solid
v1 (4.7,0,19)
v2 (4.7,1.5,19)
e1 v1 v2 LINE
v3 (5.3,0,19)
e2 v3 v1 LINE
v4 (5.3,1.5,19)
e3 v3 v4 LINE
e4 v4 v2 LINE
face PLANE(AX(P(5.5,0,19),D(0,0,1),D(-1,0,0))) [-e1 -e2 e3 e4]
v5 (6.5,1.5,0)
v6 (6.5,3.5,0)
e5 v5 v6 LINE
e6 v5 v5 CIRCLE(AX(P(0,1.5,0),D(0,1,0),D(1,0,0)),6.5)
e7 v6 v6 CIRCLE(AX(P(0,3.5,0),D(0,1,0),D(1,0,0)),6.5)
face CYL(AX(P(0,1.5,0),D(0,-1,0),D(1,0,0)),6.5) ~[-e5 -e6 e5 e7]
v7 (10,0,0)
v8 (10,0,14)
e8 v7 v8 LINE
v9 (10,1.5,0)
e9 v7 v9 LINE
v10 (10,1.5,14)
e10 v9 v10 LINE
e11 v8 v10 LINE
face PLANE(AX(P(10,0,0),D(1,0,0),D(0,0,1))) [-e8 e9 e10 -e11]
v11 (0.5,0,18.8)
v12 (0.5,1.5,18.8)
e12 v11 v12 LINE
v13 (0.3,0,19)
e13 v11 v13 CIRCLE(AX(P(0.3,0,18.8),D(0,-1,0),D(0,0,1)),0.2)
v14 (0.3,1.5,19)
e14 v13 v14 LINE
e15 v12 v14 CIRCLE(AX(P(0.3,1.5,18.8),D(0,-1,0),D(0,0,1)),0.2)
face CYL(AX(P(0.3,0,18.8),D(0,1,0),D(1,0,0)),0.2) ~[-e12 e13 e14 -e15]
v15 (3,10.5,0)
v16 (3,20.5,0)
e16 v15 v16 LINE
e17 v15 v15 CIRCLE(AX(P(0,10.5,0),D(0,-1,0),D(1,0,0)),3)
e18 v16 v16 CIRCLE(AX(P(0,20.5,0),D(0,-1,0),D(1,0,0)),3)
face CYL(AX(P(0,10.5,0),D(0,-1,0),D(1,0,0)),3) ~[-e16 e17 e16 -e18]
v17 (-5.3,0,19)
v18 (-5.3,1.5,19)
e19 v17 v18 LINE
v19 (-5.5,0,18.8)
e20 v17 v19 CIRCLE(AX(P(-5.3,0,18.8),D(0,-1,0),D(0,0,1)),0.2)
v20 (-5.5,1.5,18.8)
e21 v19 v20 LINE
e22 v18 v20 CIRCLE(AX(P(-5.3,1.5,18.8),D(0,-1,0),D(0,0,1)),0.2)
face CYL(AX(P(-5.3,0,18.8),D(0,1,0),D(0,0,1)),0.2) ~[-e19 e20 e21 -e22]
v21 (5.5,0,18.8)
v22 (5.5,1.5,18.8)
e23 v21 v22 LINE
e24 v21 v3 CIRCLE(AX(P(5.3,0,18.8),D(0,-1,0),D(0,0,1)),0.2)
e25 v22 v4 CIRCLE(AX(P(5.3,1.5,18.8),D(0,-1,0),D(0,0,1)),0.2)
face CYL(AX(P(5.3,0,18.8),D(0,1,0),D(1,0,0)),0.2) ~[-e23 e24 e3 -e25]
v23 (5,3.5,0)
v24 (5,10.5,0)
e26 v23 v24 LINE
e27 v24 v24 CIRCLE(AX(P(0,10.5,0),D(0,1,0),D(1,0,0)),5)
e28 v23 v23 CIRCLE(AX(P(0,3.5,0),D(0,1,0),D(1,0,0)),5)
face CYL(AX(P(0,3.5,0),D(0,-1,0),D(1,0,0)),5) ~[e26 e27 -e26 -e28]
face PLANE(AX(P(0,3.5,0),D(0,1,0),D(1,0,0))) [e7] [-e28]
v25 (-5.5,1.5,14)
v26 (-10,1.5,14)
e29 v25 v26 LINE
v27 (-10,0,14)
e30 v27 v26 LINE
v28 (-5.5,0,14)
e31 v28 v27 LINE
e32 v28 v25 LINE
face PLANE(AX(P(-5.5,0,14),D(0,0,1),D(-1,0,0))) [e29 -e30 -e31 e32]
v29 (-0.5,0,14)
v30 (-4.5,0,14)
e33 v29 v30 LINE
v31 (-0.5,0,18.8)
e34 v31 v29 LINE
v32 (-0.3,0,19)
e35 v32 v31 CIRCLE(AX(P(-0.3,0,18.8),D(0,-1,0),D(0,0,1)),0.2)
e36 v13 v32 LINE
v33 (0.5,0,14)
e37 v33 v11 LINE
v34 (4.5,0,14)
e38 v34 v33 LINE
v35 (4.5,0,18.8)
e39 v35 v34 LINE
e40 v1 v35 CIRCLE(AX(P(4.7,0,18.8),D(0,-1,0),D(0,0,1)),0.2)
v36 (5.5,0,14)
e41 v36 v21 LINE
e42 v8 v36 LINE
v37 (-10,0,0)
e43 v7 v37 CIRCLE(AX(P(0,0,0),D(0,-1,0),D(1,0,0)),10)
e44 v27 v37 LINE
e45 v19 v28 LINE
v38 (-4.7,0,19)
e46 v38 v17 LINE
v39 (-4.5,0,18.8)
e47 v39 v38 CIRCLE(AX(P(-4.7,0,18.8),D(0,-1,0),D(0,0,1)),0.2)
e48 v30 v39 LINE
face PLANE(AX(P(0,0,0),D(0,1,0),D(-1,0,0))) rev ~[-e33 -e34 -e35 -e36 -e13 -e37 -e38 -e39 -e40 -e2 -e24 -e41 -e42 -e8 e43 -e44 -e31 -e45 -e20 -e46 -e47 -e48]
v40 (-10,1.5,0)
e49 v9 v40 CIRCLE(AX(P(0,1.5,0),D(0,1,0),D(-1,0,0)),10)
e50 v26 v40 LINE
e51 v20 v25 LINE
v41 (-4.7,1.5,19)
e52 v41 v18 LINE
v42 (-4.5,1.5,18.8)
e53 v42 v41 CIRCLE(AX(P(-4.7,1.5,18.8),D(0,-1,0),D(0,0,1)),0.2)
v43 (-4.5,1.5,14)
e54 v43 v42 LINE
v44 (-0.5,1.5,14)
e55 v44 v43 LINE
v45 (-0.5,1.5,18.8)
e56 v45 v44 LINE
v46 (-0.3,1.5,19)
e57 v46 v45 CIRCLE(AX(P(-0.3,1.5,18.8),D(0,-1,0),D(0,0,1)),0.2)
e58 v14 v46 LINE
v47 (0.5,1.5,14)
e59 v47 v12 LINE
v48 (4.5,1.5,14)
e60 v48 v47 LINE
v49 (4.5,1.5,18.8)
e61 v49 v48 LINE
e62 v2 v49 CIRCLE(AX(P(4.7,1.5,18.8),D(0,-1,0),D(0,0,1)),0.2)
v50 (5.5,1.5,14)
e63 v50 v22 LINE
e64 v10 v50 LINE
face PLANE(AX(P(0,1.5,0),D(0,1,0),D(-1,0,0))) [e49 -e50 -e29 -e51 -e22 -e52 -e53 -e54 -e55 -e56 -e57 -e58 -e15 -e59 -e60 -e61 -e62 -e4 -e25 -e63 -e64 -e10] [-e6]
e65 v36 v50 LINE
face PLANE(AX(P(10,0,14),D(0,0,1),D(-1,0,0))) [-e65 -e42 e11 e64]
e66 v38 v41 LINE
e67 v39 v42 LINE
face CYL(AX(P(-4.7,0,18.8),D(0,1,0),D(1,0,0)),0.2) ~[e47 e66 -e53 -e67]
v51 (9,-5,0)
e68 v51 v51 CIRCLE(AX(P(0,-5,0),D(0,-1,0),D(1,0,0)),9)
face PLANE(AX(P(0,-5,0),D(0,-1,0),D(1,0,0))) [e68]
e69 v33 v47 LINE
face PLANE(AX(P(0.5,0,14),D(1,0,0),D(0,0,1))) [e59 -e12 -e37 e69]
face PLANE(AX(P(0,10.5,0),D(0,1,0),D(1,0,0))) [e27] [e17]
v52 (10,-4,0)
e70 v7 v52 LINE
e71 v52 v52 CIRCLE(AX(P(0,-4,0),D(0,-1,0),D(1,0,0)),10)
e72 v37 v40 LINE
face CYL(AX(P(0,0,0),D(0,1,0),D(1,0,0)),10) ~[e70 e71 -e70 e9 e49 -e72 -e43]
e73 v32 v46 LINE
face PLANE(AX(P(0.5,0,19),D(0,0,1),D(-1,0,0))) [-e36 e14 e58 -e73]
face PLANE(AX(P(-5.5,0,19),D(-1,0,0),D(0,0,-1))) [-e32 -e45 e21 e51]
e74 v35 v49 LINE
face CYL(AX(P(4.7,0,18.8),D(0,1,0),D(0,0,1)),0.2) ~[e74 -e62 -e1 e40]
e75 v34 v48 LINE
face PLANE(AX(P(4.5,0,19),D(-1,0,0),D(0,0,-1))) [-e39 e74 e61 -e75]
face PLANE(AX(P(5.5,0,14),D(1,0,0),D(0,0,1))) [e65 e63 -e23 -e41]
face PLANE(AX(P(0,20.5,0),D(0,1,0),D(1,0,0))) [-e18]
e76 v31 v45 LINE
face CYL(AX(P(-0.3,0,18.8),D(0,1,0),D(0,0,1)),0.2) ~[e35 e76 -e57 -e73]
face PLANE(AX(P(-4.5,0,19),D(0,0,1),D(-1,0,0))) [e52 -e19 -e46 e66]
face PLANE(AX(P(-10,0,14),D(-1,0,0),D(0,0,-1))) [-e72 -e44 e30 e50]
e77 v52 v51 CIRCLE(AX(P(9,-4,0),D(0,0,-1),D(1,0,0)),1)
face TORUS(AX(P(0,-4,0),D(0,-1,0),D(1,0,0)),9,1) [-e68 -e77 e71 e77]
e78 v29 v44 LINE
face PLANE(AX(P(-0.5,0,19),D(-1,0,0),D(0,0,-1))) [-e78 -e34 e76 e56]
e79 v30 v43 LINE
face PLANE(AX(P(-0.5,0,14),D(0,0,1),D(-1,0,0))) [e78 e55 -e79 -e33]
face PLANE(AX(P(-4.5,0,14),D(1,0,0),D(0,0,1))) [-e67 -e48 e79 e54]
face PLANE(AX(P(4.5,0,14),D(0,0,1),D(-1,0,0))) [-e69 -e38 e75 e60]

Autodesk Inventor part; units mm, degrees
ref_plane "YZ Plane" through (0, 0, 0) normal (1, 0, 0) x (0, 1, 0)
ref_plane "XZ Plane" through (0, 0, 0) normal (0, 1, 0) x (-1, 0, 0)
ref_plane "XY Plane" through (0, 0, 0) normal (0, 0, 1) x (1, 0, 0)
sketch "Sketch1" plane through (0, 0, 0) normal (0, 1, 0) x (-1, 0, 0)
  circle A0 centre (0, 0) radius 10
  line L0 (10, 0) -> (-10, 0)
  line L1 (-10, 0) -> (-10, 14)
  line L2 (-10, 14) -> (10, 14)
  line L3 (10, 14) -> (10, 0)
  line L4 (-5.5, 14) -> (-4.5, 14)
  line L5 (-0.5, 14) -> (0.5, 14)
  line L6 (4.5, 14) -> (5.5, 14)
  line L7 (5.5, 14) -> (4.5, 14)
  line L8 (4.5, 14) -> (4.5, 19)
  line L9 (4.5, 19) -> (5.5, 19)
  line L10 (5.5, 19) -> (5.5, 14)
  line L11 (0.5, 14) -> (-0.5, 14)
  line L12 (-0.5, 14) -> (-0.5, 19)
  line L13 (-0.5, 19) -> (0.5, 19)
  line L14 (0.5, 19) -> (0.5, 14)
  line L15 (-4.5, 14) -> (-5.5, 14)
  line L16 (-5.5, 14) -> (-5.5, 19)
  line L17 (-5.5, 19) -> (-4.5, 19)
  line L18 (-4.5, 19) -> (-4.5, 14)
  point P0 (0, 14)
  point P1 (5, 14)
  point P2 (-5, 14)
  dimension "d0" = 20
  dimension "d1" = 20
  dimension "d2" = 14
  dimension "d5" = 1
  dimension "d6" = 1
  dimension "d7" = 1
  dimension "d8" = 5
  dimension "d9" = 5
  dimension "d10" = 5
extrude "Extrusion1" add sketch "Sketch1" along normal blind 1.5
sketch "Sketch2" plane through (0, 0, 0) normal (0, -1, 0) x (1, 0, 0)
  circle A0 centre (0, 0) radius 10
extrude "Extrusion2" add sketch "Sketch2" along normal blind 5
sketch "Sketch3" plane through (0, 1.5, 0) normal (0, 1, 0) x (1, 0, 0)
  circle A0 centre (0, 0) radius 6.5
  dimension "d13" = 13
extrude "Extrusion3" add sketch "Sketch3" along normal blind 2
sketch "Sketch4" plane through (0, 3.5, 0) normal (0, 1, 0) x (1, 0, 0)
  circle A0 centre (0, 0) radius 5
  dimension "d16" = 10
extrude "Extrusion4" add sketch "Sketch4" along normal blind 7
thread "Thread1" size "M3x0.5" class "6g" standard "ANSI Metric M Profile" full length
sketch "Sketch5" plane through (0, 10.5, 0) normal (0, 1, 0) x (1, 0, 0)
  circle A0 centre (0, 0) radius 3
  line L0 (0, 0) -> (1.5, 0)
  line L1 (1.5, -2.5981) -> (1.5, 2.5981)
  point P0 (0.0162, 1.5)
  point P1 (-2.4, 1.8)
  dimension "d21" = 6
  dimension "d27" = 1.5
extrude "Extrusion5" add sketch "Sketch5" along normal blind 10
fillet "Fillet1" radius 1 1 edges at (-10, -5, 0)
fillet "Fillet2" radius 0.2 6 edges at (5.5, 0.75, 19) (4.5, 0.75, 19) (0.5, 0.75, 19) (-0.5, 0.75, 19) (-4.5, 0.75, 19) (-5.5, 0.75, 19)
properties part number "PotMeter"
